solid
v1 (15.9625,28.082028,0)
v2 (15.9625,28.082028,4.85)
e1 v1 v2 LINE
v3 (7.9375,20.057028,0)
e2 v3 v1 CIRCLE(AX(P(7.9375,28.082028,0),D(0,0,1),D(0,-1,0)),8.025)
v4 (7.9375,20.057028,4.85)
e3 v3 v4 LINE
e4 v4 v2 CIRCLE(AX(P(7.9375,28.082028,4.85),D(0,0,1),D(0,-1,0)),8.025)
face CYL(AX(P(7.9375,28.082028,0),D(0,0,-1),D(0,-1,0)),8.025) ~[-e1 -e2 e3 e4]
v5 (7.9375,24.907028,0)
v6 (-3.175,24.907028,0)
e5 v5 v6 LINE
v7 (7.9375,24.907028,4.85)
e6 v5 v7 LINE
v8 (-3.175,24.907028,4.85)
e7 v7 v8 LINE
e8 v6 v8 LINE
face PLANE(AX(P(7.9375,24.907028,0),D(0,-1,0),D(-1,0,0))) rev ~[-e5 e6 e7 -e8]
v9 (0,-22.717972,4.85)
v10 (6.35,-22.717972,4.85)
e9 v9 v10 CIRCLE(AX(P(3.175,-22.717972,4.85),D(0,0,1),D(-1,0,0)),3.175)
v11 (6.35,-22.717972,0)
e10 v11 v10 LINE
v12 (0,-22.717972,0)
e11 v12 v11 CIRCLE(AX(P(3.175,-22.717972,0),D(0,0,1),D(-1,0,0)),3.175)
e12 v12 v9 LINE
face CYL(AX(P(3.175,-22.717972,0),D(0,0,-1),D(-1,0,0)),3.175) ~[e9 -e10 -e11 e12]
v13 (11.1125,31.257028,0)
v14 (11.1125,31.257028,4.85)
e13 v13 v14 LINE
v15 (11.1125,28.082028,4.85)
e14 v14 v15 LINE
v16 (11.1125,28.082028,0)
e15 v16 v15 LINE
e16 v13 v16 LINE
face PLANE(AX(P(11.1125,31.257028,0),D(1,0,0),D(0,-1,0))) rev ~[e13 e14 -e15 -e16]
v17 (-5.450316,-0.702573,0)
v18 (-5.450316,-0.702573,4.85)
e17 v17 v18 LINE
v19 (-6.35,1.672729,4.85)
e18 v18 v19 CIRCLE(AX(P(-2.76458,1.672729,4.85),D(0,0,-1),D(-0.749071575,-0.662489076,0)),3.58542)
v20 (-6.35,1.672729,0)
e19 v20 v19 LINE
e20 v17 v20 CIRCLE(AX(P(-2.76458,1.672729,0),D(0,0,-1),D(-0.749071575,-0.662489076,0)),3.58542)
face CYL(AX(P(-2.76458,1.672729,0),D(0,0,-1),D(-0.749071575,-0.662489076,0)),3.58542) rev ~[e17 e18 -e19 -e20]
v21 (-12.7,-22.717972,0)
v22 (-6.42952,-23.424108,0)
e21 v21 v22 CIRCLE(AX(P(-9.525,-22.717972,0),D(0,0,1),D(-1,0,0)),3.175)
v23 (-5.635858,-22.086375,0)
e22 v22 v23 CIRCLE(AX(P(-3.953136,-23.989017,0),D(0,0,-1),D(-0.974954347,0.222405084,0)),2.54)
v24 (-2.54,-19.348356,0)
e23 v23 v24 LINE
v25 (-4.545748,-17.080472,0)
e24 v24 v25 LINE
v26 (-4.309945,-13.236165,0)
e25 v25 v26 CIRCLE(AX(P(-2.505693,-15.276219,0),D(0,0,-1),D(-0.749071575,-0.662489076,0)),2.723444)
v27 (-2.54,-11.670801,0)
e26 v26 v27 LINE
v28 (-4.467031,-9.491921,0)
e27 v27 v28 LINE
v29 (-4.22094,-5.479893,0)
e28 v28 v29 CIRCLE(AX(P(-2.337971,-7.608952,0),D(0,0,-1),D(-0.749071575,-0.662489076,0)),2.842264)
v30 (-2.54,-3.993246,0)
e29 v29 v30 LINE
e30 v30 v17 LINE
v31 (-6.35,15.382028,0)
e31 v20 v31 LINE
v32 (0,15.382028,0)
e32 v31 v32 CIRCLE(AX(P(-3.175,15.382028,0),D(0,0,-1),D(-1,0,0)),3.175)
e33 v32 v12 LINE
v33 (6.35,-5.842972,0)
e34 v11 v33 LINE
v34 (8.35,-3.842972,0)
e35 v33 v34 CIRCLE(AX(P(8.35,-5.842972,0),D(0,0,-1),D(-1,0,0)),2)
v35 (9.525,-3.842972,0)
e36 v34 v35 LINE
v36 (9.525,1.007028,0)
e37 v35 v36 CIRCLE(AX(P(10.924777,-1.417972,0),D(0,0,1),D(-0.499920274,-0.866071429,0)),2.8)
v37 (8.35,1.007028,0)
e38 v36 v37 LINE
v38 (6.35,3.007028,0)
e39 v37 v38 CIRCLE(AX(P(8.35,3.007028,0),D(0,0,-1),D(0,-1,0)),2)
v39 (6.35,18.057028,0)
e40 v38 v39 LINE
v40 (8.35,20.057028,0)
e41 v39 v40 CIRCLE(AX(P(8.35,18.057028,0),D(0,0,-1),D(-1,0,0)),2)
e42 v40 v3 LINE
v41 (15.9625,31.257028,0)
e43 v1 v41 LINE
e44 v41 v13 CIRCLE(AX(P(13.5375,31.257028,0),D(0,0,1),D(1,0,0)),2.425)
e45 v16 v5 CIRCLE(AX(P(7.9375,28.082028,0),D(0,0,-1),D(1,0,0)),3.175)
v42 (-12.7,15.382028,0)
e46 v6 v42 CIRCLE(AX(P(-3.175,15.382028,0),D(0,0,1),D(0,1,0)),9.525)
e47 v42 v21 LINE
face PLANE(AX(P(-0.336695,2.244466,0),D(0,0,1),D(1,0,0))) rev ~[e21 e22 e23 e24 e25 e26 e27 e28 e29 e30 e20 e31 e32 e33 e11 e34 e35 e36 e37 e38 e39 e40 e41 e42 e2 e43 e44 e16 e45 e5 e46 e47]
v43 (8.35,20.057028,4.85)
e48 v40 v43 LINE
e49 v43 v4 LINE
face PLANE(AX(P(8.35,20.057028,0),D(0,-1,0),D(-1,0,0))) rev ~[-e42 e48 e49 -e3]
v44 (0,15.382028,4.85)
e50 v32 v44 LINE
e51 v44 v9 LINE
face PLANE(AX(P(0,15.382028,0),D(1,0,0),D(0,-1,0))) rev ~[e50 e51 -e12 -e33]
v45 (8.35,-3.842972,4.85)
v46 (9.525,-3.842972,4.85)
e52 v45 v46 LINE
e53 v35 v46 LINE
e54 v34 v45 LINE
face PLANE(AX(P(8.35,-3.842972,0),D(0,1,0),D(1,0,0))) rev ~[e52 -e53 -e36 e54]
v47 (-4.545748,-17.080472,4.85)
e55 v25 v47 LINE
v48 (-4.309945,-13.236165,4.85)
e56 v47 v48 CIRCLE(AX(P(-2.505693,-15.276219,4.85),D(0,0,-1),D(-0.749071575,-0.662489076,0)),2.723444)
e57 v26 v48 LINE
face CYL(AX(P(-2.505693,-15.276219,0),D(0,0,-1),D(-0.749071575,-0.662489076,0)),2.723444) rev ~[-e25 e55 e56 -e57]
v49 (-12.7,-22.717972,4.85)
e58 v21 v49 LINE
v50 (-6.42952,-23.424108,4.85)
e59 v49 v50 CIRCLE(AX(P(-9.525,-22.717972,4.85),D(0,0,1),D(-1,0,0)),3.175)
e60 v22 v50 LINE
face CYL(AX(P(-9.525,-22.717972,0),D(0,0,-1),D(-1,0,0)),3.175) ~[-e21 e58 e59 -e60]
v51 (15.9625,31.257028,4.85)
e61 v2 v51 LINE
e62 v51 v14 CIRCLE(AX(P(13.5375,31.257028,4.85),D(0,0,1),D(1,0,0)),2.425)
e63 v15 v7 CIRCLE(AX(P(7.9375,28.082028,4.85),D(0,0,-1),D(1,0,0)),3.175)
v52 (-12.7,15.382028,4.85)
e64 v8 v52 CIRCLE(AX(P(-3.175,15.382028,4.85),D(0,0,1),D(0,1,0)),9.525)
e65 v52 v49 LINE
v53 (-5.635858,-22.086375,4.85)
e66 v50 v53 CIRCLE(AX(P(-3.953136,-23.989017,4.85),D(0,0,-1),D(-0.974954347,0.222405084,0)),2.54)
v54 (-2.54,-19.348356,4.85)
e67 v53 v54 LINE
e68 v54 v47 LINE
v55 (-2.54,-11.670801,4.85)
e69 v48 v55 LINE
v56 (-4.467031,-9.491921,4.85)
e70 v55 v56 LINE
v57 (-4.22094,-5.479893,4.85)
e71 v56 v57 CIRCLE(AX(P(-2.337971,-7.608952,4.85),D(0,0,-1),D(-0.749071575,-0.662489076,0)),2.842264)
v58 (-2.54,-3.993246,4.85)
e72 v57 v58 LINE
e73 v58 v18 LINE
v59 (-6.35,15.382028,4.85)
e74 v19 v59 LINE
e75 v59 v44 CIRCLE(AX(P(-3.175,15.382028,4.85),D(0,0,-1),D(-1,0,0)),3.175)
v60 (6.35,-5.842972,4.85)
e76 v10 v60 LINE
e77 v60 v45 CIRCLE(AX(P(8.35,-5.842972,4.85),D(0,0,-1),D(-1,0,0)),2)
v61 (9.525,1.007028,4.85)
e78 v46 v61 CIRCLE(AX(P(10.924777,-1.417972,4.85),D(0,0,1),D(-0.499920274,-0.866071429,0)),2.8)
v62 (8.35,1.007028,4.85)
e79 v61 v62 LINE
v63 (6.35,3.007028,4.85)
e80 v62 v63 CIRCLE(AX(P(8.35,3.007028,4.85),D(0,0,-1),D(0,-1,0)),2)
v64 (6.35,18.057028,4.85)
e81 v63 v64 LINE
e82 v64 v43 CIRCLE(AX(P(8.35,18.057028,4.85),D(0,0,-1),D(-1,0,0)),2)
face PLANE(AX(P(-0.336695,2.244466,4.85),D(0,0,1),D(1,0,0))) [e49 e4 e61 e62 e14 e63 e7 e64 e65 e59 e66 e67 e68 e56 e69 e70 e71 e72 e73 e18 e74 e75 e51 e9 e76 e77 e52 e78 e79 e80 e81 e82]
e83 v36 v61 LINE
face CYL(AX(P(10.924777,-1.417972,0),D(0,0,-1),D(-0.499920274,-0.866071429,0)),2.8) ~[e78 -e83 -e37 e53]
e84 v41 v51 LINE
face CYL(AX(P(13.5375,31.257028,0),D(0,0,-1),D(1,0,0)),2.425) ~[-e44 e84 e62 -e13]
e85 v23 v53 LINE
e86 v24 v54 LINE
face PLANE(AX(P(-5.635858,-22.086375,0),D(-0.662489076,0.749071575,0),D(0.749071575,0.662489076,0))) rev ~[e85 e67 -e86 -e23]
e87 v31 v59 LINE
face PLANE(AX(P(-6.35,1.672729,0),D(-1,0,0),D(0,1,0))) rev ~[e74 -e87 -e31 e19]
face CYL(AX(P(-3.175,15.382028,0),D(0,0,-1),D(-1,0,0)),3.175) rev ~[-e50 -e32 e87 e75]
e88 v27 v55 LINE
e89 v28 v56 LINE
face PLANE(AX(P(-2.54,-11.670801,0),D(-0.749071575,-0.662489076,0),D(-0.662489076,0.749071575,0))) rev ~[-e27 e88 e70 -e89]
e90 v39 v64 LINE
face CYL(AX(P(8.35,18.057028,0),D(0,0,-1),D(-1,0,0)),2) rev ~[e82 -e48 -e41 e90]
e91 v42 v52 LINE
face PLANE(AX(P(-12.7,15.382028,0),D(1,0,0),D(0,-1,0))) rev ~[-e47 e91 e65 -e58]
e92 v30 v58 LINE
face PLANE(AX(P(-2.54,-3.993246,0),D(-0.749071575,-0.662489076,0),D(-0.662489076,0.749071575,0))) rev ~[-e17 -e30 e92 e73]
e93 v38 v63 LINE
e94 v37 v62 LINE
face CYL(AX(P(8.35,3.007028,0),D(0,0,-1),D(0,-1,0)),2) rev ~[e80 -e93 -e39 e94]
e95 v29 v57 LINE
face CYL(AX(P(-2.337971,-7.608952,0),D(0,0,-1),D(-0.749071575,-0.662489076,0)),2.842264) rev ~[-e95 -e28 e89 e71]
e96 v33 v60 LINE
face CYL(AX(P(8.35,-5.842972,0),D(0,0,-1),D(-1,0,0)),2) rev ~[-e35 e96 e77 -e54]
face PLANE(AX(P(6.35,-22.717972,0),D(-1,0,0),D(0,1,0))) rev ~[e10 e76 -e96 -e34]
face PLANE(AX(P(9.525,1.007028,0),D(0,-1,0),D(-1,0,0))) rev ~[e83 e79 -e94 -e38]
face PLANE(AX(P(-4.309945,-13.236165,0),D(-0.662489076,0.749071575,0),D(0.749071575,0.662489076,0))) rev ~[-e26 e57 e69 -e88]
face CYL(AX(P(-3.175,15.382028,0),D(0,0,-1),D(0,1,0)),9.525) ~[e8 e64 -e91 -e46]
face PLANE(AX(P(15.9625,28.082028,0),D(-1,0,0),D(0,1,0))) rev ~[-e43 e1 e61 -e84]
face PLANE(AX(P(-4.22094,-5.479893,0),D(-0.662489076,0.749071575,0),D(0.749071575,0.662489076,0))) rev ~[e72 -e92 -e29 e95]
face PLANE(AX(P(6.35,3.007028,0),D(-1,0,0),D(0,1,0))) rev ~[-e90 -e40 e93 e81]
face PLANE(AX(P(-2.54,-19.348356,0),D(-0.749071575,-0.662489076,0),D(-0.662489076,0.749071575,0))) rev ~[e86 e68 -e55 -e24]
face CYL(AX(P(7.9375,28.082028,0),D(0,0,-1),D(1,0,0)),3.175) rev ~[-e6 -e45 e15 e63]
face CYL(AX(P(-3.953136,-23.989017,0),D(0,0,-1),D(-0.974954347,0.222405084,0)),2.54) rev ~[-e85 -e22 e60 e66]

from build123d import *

# Parameters (mm, degrees)
F3_DEPTH = 4.85


with BuildPart() as f3:
    # F2 (on Top) → F3 (new body)
    with BuildSketch(Plane.XY):
        with BuildLine():
            Line((7.9375, 24.907028094), (-3.175, 24.907028094))
            ThreePointArc((-3.175, 24.907028094), (-9.9101920908, 22.1172201848), (-12.7, 15.382028094))
            Line((-12.7, 15.382028094), (-12.7, -22.717971906))
            ThreePointArc((-12.7, -22.717971906), (-9.8802997587, -25.8730292877), (-6.4295199487, -23.4241080485))
            ThreePointArc((-6.4295199487, -23.4241080485), (-6.1376092102, -22.6929936641), (-5.6358581606, -22.0863751625))
            Line((-5.6358581606, -22.0863751625), (-2.54, -19.3483561519))
            Line((-2.54, -19.3483561519), (-4.5457479551, -17.0804715423))
            ThreePointArc((-4.5457479551, -17.0804715423), (-5.2240286378, -15.1094818757), (-4.3099453491, -13.2361648465))
            Line((-4.3099453491, -13.2361648465), (-2.54, -11.6708011372))
            Line((-2.54, -11.6708011372), (-4.4670308393, -9.4919213974))
            ThreePointArc((-4.4670308393, -9.4919213974), (-5.1749040056, -7.4349400744), (-4.2209404794, -5.4798927161))
            Line((-4.2209404794, -5.4798927161), (-2.54, -3.9932461226))
            Line((-2.54, -3.9932461226), (-5.4503163021, -0.702572669))
            ThreePointArc((-5.4503163021, -0.702572669), (-6.1175435561, 0.4027397661), (-6.35, 1.6727286595))
            Line((-6.35, 1.6727286595), (-6.35, 15.382028094))
            ThreePointArc((-6.35, 15.382028094), (-3.175, 18.557028094), (0, 15.382028094))
            Line((0, 15.382028094), (0, -22.717971906))
            ThreePointArc((0, -22.717971906), (3.175, -25.892971906), (6.35, -22.717971906))
            Line((6.35, -22.717971906), (6.35, -5.842971906))
            ThreePointArc((6.35, -5.842971906), (6.9357864376, -4.4287583436), (8.35, -3.842971906))
            Line((8.35, -3.842971906), (9.525, -3.842971906))
            ThreePointArc((9.525, -3.842971906), (13.7247767679, -1.417971906), (9.525, 1.007028094))
            Line((9.525, 1.007028094), (8.35, 1.007028094))
            ThreePointArc((8.35, 1.007028094), (6.9357864376, 1.5928145316), (6.35, 3.007028094))
            Line((6.35, 3.007028094), (6.35, 18.057028094))
            ThreePointArc((6.35, 18.057028094), (6.9357864376, 19.4712416564), (8.35, 20.057028094))
            Line((8.35, 20.057028094), (7.9375, 20.057028094))
            ThreePointArc((7.9375, 20.057028094), (13.612031919, 22.407496175), (15.9625, 28.082028094))
            Line((15.9625, 28.082028094), (15.9625, 31.257028094))
            ThreePointArc((15.9625, 31.257028094), (13.5375, 33.682028094), (11.1125, 31.257028094))
            Line((11.1125, 31.257028094), (11.1125, 28.082028094))
            ThreePointArc((11.1125, 28.082028094), (10.1825640303, 25.8369640637), (7.9375, 24.907028094))
        make_face()
    extrude(amount=F3_DEPTH)


solid = f3.part
